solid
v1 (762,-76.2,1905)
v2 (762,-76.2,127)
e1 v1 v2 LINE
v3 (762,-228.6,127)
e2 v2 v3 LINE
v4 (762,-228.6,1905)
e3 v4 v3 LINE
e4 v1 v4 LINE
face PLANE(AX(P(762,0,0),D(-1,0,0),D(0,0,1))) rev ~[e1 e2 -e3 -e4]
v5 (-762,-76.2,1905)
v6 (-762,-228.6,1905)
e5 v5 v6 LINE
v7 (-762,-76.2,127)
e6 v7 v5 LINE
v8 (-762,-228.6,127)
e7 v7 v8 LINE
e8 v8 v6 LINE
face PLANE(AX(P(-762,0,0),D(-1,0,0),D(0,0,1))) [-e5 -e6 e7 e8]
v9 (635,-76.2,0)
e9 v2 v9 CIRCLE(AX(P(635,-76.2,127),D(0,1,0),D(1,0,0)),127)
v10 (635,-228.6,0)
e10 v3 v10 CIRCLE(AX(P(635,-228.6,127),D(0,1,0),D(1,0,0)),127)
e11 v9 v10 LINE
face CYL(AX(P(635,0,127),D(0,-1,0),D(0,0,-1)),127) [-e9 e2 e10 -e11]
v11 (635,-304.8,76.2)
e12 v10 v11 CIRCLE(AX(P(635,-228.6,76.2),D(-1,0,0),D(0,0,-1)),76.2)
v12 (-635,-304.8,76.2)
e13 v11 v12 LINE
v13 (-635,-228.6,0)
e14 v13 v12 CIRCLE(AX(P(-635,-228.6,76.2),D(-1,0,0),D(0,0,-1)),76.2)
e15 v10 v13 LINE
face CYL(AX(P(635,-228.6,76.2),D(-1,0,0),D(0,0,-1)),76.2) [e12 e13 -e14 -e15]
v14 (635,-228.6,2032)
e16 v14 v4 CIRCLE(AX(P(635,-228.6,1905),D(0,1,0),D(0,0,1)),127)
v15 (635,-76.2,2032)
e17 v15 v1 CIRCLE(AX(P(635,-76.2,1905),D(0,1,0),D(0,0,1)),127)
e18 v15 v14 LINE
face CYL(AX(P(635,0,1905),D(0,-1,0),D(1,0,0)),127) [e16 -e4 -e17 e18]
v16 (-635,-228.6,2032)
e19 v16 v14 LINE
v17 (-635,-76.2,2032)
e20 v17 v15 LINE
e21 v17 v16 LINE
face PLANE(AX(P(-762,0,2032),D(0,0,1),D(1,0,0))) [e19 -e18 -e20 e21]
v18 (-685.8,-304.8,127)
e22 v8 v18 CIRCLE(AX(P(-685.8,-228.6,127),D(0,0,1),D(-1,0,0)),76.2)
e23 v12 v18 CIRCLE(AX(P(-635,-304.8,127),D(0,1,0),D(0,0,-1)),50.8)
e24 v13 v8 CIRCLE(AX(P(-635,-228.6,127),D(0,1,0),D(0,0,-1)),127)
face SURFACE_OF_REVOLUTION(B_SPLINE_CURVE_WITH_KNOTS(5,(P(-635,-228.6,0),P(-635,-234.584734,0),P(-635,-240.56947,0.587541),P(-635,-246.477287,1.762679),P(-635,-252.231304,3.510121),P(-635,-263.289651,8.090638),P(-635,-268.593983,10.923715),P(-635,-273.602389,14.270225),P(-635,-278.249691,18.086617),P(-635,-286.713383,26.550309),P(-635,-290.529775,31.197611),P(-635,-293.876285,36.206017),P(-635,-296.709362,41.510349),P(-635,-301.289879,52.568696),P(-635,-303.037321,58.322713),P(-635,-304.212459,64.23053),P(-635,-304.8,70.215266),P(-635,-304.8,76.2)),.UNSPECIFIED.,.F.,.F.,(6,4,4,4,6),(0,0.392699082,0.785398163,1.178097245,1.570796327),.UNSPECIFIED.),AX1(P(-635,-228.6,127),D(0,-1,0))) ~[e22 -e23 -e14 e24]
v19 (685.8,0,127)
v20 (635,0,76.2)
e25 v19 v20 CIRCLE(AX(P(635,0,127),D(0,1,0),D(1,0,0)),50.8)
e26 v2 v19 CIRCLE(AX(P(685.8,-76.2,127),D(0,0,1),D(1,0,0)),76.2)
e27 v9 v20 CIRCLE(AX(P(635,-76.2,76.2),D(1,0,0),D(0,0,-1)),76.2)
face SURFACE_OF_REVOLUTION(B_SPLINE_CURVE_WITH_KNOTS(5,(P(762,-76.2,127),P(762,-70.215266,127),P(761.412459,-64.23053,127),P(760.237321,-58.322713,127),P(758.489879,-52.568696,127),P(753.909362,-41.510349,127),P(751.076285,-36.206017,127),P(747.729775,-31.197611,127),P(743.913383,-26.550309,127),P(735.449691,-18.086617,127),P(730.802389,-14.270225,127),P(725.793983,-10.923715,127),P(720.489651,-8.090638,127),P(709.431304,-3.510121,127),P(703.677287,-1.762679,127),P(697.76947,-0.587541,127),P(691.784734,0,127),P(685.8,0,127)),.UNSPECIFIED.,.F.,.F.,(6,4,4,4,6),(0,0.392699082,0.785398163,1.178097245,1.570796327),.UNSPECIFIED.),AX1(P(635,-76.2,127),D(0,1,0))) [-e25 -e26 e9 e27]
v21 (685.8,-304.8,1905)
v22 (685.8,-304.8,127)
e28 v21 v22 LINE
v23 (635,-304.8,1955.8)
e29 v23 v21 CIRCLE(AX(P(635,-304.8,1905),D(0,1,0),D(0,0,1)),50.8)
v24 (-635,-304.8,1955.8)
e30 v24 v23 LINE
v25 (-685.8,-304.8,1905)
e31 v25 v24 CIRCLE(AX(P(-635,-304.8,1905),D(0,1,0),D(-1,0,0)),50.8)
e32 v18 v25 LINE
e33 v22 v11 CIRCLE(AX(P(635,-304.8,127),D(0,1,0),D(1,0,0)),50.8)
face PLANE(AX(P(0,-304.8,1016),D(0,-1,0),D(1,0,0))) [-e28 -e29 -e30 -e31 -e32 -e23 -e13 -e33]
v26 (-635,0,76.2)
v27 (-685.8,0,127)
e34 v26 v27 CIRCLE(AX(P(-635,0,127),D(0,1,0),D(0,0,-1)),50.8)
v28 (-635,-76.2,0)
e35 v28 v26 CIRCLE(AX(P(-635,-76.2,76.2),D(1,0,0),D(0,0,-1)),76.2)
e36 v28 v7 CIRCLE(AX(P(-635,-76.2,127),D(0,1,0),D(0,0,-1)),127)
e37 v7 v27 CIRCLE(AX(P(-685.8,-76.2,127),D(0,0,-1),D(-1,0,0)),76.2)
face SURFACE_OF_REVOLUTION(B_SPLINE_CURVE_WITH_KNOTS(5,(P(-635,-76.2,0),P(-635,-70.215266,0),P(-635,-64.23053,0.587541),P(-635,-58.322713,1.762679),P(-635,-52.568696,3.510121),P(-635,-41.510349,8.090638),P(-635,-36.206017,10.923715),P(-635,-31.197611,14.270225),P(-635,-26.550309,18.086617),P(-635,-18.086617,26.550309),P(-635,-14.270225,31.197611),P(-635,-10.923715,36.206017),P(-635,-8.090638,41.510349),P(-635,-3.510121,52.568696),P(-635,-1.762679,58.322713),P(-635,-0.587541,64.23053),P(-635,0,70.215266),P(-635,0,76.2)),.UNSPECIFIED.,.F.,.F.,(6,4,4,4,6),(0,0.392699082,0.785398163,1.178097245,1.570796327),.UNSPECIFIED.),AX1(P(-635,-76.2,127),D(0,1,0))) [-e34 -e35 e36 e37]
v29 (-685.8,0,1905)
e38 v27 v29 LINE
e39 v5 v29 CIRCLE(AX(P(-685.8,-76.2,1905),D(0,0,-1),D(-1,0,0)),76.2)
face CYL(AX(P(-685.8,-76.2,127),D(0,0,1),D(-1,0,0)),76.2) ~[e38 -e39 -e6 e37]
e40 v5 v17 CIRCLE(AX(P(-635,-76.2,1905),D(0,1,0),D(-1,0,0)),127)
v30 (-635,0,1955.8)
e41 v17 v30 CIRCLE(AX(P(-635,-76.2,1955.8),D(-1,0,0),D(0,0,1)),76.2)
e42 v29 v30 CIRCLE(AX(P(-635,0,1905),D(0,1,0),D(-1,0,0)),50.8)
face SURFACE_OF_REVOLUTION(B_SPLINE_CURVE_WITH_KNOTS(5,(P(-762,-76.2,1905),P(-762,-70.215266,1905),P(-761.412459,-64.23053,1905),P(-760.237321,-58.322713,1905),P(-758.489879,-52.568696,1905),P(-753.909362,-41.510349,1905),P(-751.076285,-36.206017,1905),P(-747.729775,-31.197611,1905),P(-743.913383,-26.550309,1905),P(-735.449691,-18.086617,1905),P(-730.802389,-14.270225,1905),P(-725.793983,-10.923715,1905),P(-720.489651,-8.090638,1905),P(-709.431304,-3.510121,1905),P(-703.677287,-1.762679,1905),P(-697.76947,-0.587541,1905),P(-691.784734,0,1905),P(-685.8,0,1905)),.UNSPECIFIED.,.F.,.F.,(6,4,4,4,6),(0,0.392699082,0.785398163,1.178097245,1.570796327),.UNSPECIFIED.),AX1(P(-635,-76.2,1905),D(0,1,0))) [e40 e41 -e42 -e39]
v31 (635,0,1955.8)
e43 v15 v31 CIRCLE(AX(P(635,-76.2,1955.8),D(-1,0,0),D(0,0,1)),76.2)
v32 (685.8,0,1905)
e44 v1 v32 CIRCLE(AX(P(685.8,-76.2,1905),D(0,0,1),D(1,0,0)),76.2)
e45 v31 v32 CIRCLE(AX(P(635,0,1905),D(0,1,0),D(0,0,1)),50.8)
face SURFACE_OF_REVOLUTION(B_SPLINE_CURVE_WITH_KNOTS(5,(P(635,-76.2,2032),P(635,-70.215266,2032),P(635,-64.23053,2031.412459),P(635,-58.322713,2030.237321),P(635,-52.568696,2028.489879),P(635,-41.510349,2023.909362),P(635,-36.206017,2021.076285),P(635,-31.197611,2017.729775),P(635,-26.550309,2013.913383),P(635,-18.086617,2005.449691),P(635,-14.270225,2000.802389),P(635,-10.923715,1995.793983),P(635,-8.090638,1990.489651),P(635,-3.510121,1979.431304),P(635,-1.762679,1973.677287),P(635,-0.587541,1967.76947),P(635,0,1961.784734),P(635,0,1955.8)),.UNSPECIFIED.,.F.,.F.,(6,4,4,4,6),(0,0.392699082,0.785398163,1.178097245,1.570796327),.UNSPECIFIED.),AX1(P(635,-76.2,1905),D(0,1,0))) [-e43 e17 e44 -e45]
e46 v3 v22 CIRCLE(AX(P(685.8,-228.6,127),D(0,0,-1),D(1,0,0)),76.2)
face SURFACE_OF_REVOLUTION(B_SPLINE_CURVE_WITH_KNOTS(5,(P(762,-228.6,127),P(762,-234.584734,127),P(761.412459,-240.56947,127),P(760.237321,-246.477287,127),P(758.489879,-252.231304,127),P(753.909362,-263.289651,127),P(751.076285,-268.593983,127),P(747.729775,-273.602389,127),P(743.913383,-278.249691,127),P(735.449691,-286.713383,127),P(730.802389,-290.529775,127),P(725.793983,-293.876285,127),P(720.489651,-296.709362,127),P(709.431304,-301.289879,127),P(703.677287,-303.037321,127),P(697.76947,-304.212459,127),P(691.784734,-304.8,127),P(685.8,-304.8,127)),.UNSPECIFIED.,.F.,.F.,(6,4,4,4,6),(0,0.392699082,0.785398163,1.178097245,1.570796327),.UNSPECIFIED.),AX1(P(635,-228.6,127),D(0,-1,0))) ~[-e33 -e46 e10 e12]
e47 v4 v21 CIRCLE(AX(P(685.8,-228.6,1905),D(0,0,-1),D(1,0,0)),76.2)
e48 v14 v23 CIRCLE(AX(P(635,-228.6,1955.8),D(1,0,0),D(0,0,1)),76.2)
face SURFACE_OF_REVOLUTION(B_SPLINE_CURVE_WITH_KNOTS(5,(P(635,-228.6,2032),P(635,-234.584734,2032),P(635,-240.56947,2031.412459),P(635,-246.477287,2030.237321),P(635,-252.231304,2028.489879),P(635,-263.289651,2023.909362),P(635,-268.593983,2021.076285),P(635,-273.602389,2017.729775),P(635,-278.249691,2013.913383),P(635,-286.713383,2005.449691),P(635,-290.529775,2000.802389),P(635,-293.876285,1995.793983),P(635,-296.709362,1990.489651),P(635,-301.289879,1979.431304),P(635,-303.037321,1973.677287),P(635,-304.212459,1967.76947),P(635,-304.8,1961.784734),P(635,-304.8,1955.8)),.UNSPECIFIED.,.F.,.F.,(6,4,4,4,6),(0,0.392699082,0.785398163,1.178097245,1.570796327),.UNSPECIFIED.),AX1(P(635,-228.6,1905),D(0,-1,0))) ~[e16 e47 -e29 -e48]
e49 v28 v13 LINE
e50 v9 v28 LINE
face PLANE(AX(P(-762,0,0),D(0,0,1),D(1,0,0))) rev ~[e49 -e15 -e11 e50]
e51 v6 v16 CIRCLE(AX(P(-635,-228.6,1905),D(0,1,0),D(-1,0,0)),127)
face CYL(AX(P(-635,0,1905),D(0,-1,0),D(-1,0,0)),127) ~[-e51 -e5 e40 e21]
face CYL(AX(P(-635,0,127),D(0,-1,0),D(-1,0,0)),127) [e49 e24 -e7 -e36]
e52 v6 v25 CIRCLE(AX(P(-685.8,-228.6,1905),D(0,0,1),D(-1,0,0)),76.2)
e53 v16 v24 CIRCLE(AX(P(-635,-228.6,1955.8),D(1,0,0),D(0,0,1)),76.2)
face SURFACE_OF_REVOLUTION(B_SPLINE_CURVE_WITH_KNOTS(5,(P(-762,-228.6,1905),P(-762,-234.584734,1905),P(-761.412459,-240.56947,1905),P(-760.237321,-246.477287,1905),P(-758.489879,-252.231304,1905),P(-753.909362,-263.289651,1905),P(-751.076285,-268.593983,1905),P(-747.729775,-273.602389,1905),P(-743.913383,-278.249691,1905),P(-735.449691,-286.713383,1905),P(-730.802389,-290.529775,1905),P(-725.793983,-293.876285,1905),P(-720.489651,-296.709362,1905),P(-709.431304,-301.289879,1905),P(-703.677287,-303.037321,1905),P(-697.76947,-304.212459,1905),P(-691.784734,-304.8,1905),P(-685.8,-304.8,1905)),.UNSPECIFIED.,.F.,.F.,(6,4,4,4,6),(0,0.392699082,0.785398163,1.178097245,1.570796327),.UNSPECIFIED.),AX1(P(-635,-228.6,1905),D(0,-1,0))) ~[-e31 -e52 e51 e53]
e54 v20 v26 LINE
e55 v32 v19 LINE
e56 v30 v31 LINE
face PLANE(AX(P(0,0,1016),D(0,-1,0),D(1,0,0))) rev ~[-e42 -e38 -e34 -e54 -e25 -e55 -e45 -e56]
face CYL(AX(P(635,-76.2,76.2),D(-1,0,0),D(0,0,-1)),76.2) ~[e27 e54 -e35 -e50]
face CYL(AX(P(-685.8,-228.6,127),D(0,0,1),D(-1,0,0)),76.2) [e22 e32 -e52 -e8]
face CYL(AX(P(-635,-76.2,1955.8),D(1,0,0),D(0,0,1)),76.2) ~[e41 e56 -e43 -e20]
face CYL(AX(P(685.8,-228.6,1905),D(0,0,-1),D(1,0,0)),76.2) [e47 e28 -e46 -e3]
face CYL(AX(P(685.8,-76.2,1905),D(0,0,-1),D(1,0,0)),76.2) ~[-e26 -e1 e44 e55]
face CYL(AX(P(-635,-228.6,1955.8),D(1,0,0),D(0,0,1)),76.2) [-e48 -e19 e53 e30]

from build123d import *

# Parameters (mm, degrees)
F0_W     = 1524
F0_H     = 2032
F1_DEPTH = 304.8
F2_R     = 127
F3_R     = 76.2


with BuildPart() as f1:
    # F0 (on Front) → F1 (new body)
    with BuildSketch(Plane.XZ):
        with Locations((0, 1016)):
            Rectangle(F0_W, F0_H)
    extrude(amount=F1_DEPTH)

    # F2
    f2_edges = [f1.edges().sort_by_distance(p)[0] for p in [
        (762, -152.4, 2032),
        (-762, -152.4, 2032),
        (762, -152.4, 0),
        (-762, -152.4, 0),
    ]]
    fillet(f2_edges, radius=F2_R)

    # F3
    f3_edges = [f1.edges().sort_by_distance(p)[0] for p in [
        (-762, -304.8, 1016),
        (-762, 0, 1016),
    ]]
    fillet(f3_edges, radius=F3_R)


solid = f1.part
